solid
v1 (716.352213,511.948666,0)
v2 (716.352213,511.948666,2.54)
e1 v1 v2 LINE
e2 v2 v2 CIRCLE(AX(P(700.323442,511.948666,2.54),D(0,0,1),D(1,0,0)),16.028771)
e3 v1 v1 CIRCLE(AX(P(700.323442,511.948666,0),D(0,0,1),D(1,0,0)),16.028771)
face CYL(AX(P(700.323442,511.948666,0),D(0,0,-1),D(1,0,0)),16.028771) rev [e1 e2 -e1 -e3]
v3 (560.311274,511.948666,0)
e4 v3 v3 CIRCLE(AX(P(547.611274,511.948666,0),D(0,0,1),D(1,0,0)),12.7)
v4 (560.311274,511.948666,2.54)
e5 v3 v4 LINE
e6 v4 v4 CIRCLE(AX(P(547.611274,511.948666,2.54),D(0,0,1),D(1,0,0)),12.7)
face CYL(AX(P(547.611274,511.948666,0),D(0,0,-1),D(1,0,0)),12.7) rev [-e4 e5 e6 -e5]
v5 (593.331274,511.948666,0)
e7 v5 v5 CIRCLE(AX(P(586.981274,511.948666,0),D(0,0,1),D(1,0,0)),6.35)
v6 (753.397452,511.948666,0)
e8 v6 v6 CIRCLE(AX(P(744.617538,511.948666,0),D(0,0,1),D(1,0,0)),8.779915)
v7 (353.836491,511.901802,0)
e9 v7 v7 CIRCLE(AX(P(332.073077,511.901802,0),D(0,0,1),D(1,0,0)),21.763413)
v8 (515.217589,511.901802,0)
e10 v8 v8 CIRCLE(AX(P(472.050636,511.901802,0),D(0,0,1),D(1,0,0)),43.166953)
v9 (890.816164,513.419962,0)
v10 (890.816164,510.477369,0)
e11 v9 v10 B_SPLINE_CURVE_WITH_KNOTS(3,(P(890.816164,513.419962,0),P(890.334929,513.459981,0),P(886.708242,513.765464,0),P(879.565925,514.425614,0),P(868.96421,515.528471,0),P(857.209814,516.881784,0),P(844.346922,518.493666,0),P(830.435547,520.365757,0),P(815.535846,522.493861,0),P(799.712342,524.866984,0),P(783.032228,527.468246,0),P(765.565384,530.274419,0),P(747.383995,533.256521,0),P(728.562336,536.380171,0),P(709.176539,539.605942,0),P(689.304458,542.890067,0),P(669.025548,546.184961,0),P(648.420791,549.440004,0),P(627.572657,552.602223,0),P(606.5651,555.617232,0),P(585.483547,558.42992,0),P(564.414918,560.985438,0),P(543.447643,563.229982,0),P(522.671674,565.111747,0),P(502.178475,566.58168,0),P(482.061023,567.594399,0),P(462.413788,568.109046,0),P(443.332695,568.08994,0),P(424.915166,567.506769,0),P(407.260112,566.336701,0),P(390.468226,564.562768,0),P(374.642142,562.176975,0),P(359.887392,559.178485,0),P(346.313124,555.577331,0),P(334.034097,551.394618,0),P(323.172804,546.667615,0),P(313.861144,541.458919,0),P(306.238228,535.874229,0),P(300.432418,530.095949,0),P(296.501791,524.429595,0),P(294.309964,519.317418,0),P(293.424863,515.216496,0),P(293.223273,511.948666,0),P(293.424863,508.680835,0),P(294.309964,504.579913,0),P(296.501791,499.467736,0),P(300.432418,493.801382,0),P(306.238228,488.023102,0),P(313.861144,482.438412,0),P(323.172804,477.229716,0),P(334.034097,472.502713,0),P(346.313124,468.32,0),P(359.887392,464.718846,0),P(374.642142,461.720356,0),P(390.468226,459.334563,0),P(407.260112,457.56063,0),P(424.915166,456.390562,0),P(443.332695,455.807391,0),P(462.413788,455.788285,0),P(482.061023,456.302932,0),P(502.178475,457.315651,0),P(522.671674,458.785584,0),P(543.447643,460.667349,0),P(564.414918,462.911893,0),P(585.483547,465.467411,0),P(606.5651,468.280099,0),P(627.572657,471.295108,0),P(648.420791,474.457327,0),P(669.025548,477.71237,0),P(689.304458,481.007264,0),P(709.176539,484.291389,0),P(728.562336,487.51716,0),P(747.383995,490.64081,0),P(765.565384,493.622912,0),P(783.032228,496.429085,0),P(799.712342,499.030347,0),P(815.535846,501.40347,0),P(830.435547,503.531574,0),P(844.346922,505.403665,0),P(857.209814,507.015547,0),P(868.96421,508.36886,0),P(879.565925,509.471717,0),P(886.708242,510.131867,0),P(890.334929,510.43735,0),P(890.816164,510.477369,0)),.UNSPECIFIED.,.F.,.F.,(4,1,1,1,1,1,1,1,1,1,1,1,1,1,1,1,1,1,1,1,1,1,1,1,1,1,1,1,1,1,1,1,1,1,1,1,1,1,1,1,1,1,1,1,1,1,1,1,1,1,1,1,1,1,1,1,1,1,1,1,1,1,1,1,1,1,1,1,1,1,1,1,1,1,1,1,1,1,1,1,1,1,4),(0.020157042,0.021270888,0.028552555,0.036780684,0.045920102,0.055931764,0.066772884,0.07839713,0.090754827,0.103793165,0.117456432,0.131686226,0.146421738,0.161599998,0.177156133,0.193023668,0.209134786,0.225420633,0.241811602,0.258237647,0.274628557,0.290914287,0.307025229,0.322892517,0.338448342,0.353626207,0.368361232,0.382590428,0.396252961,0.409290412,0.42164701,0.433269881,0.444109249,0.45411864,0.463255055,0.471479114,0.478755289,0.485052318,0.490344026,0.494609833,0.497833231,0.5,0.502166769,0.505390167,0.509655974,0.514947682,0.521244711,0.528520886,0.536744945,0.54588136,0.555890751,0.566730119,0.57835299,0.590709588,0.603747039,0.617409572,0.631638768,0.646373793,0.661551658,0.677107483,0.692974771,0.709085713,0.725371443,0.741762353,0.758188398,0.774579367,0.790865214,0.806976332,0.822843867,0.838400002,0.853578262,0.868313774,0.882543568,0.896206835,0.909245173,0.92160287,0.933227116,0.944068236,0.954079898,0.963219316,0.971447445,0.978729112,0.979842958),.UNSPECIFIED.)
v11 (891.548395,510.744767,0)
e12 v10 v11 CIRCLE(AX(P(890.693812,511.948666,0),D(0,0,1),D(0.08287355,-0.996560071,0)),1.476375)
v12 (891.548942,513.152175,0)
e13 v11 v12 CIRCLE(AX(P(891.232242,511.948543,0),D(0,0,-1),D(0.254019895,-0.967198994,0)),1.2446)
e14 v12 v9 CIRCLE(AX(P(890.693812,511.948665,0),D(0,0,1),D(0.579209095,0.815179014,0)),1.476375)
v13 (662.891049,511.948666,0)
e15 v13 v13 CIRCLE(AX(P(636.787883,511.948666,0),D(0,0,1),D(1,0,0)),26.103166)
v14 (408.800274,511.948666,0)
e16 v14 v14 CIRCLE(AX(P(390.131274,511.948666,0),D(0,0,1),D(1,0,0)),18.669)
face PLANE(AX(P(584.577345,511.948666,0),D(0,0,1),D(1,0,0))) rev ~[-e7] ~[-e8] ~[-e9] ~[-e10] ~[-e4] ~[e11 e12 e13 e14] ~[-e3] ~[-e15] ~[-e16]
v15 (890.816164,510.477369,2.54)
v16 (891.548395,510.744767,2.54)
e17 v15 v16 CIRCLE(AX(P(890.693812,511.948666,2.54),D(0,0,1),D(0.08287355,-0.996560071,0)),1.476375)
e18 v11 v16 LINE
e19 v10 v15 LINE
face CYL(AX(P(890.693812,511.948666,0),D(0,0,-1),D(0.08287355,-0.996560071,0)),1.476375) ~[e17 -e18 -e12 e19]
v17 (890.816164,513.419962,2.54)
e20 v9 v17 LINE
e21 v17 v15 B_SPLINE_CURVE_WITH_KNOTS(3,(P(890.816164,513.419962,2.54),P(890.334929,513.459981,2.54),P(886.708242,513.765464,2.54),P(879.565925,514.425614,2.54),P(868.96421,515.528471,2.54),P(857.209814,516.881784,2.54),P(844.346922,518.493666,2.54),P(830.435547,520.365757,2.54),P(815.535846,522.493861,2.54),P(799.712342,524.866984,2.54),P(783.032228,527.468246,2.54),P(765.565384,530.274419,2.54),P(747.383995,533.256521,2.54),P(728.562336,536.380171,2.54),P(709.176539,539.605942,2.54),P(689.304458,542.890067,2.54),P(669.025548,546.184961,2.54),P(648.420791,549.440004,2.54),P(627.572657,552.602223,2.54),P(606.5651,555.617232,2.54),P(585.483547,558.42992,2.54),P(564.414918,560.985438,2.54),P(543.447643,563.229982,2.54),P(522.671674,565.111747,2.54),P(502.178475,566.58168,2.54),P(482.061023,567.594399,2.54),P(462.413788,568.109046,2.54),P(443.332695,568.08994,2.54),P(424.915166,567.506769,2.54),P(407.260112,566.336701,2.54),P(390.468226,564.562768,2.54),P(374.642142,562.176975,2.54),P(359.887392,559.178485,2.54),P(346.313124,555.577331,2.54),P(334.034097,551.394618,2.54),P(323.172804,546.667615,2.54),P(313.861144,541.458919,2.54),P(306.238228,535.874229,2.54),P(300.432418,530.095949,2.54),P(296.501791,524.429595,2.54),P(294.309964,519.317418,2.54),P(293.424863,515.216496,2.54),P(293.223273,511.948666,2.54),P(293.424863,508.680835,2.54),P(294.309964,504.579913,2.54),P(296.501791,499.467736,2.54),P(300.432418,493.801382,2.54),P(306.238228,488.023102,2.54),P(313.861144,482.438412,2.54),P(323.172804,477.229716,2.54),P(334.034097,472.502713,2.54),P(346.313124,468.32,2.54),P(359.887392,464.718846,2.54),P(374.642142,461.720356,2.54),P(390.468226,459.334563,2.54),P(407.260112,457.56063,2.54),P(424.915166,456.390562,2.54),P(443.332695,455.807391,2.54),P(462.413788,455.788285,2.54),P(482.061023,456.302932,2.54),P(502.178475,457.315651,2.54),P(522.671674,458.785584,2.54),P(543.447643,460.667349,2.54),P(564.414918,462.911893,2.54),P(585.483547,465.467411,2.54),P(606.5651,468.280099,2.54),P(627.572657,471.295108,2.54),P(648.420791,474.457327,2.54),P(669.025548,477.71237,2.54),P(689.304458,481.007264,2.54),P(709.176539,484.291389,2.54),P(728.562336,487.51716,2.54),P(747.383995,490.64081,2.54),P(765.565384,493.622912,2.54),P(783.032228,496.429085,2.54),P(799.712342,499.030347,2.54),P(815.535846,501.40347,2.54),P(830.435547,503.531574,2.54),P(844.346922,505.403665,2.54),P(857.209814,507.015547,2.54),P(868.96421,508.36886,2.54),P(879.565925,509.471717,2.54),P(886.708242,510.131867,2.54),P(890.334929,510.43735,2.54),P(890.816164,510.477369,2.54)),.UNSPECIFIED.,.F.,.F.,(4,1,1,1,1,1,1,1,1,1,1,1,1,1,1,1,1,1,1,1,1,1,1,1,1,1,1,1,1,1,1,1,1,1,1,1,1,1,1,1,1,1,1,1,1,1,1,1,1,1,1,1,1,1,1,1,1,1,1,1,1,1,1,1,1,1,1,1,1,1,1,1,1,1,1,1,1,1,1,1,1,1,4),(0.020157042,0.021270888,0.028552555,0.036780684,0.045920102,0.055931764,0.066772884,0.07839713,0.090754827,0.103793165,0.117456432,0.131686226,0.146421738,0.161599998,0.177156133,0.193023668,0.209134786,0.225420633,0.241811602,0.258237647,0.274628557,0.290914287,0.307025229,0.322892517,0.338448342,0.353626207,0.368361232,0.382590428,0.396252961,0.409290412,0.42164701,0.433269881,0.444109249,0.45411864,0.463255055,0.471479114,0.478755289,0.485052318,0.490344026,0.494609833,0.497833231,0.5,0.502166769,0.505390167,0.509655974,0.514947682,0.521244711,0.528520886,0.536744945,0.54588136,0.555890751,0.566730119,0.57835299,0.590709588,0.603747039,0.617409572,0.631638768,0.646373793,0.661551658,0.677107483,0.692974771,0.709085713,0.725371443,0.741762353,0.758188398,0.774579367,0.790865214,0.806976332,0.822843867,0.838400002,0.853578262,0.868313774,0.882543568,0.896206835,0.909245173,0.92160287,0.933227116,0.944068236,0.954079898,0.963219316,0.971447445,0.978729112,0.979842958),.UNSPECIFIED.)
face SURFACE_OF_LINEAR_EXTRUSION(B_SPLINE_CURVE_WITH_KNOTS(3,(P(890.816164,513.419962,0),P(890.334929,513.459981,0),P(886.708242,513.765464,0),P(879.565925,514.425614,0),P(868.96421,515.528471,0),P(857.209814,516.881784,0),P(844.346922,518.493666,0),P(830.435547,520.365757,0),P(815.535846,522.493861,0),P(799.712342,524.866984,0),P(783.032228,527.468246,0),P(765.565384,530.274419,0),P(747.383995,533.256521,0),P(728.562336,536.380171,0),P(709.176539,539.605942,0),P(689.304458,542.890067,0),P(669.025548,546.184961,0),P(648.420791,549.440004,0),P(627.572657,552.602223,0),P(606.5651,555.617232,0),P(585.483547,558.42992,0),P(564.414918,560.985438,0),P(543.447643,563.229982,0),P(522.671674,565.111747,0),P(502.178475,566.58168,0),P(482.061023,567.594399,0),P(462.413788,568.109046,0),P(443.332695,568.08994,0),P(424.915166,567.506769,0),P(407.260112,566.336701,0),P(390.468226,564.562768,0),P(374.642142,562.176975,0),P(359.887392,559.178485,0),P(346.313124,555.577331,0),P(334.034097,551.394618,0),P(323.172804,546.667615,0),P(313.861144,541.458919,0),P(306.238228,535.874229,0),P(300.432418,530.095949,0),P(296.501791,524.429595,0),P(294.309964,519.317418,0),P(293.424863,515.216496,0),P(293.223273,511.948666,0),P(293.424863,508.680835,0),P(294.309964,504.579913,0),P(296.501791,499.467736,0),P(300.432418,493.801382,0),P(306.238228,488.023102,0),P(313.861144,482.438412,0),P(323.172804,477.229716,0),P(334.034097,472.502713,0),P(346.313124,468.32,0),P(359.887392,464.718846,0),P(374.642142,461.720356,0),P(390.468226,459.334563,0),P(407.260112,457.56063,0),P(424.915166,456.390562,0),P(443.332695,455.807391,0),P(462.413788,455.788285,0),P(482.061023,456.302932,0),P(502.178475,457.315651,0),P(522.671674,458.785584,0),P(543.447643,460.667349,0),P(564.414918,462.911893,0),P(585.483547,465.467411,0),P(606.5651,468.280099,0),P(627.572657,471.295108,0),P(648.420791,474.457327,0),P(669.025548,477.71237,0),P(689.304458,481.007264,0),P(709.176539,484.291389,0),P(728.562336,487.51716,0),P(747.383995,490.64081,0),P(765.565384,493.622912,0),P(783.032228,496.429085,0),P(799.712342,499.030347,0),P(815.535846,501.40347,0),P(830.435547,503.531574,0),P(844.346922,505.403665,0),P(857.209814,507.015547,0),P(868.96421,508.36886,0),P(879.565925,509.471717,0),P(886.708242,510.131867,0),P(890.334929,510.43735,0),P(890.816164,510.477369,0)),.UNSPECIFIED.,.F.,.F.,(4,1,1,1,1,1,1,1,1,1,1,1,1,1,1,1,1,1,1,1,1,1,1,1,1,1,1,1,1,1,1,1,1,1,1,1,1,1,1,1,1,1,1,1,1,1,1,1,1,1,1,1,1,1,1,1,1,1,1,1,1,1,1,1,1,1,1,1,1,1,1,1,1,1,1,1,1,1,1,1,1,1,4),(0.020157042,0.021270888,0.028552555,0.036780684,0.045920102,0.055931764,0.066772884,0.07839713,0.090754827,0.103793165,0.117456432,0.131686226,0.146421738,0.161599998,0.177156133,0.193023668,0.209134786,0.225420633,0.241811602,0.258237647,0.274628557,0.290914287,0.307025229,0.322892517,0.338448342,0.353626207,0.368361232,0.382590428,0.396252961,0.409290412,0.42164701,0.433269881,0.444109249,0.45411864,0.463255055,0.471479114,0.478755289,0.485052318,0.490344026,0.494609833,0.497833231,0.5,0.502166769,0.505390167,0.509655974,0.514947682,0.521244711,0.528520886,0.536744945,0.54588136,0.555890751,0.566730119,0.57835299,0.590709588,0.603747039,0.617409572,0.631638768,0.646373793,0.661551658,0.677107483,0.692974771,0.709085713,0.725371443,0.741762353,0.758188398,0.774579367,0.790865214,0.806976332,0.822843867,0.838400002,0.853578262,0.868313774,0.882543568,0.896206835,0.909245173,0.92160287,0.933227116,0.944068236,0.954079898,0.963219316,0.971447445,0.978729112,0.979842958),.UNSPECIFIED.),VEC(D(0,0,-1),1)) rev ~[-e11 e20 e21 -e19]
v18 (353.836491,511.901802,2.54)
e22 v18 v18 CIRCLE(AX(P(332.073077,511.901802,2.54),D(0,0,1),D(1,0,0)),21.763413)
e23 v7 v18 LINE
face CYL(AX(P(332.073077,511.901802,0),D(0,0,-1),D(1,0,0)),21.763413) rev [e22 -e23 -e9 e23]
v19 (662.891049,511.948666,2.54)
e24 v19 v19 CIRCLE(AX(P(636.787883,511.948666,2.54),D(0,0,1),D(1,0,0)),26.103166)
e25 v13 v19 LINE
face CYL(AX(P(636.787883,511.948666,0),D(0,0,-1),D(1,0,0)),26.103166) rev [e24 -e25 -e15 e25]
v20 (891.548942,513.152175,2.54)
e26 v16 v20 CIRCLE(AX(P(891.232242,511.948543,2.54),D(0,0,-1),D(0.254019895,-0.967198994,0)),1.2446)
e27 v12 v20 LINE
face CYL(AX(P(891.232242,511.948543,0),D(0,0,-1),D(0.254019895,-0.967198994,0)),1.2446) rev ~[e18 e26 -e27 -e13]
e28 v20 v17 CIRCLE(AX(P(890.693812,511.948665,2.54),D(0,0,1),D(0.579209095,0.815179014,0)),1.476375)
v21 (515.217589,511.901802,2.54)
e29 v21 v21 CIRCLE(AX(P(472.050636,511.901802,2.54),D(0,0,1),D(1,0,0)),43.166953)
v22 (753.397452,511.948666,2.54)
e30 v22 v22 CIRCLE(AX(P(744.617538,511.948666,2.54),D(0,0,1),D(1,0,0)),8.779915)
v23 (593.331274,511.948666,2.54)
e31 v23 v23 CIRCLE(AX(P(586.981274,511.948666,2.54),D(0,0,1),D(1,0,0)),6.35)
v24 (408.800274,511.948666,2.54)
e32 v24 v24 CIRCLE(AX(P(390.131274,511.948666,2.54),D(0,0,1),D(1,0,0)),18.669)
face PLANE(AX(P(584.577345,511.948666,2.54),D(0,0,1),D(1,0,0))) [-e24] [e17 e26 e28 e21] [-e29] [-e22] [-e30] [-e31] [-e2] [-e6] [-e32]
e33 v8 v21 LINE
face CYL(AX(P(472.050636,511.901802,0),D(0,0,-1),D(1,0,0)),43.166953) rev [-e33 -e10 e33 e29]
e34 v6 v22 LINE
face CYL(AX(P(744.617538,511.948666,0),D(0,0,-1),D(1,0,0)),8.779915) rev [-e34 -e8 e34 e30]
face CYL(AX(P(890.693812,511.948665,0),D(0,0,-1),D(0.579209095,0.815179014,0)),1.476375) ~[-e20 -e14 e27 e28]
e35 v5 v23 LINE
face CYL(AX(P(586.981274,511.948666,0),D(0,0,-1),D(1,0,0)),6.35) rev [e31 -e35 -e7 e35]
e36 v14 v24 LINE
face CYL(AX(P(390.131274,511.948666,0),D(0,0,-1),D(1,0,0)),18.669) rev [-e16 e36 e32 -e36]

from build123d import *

# Parameters (mm, degrees)
SKETCH2_R           = 18.669
SKETCH2_R_2         = 12.7
SKETCH2_R_3         = 6.35
SKETCH2_R_4         = 16.028770825
SKETCH2_R_5         = 8.77991455
SKETCH2_R_6         = 21.7634135
SKETCH2_R_7         = 26.10316595
SKETCH2_R_8         = 43.16695288
BOSS_EXTRUDE1_DEPTH = 2.54


with BuildPart() as part:
    # Sketch2 → Boss-Extrude1 (new body)
    with BuildSketch(Plane.XY):
        with BuildLine():
            ThreePointArc((890.816164169, 510.477369136), (891.200246589, 510.561868166), (891.54839493, 510.744767386))
            ThreePointArc((891.54839493, 510.744767386), (889.987641801, 511.948825855), (891.54894156, 513.152175424))
            ThreePointArc((891.54894156, 513.152175424), (891.200561464, 513.335347826), (890.816164169, 513.419961885))
            add(Edge.make_bspline(
                [(890.816164169, 513.419961885), (890.334929223, 513.459981199), (886.708241771, 513.765463672), (879.565924572, 514.425614021), (868.964209832, 515.52847142), (857.209813649, 516.881784467), (844.346922273, 518.493665976), (830.435546642, 520.365757129), (815.535846116, 522.493860764), (799.712341782, 524.866984311), (783.032227934, 527.468245813), (765.56538449, 530.274419359), (747.383994901, 533.256521031), (728.562336326, 536.380171049), (709.176538958, 539.605942424), (689.304458457, 542.890066945), (669.025547897, 546.18496062), (648.420790789, 549.440003689), (627.572657185, 552.602222868), (606.565100392, 555.617231647), (585.483547136, 558.429920335), (564.414918298, 560.985438327), (543.447643352, 563.229982453), (522.671673877, 565.111747073), (502.178474967, 566.581679789), (482.06102345, 567.594398694), (462.413787666, 568.109046225), (443.332695328, 568.089939544), (424.915165793, 567.506768629), (407.260111586, 566.336700549), (390.46822582, 564.56276817), (374.642141665, 562.176975248), (359.88739169, 559.178484875), (346.313124377, 555.577330564), (334.03409686, 551.3946178), (323.172804405, 546.667615259), (313.861144192, 541.458918978), (306.23822821, 535.874228771), (300.432417668, 530.09594861), (296.501791132, 524.429595124), (294.309964235, 519.317417687), (293.424863104, 515.216496365), (293.223273347, 511.948665513), (293.424863104, 508.680834661), (294.309964235, 504.579913338), (296.501791132, 499.467735901), (300.432417668, 493.801382415), (306.23822821, 488.023102254), (313.861144192, 482.438412047), (323.172804405, 477.229715766), (334.03409686, 472.502713225), (346.313124377, 468.320000462), (359.88739169, 464.71884615), (374.642141665, 461.720355777), (390.46822582, 459.334562856), (407.260111586, 457.560630476), (424.915165793, 456.390562396), (443.332695328, 455.807391481), (462.413787666, 455.7882848), (482.06102345, 456.302932331), (502.178474967, 457.315651236), (522.671673877, 458.785583952), (543.447643352, 460.667348572), (564.414918298, 462.911892698), (585.483547136, 465.46741069), (606.565100392, 468.280099378), (627.572657185, 471.295108158), (648.420790789, 474.457327336), (669.025547897, 477.712370406), (689.304458457, 481.00726408), (709.176538958, 484.291388601), (728.562336326, 487.517159977), (747.383994901, 490.640809994), (765.56538449, 493.622911666), (783.032227934, 496.429085212), (799.712341782, 499.030346714), (815.535846116, 501.403470261), (830.435546642, 503.531573896), (844.346922273, 505.403665049), (857.209813649, 507.015546558), (868.964209832, 508.368859605), (879.565924572, 509.471717004), (886.708241771, 510.131867354), (890.334929223, 510.437349826), (890.816164169, 510.477369136)],
                knots=[0.020157042, 0.020157042, 0.020157042, 0.020157042, 0.021270888, 0.028552555, 0.036780684, 0.045920102, 0.055931764, 0.066772884, 0.07839713, 0.090754827, 0.103793165, 0.117456432, 0.131686226, 0.146421738, 0.161599998, 0.177156133, 0.193023668, 0.209134786, 0.225420633, 0.241811602, 0.258237647, 0.274628557, 0.290914287, 0.307025229, 0.322892517, 0.338448342, 0.353626207, 0.368361232, 0.382590428, 0.396252961, 0.409290412, 0.42164701, 0.433269881, 0.444109249, 0.45411864, 0.463255055, 0.471479114, 0.478755289, 0.485052318, 0.490344026, 0.494609833, 0.497833231, 0.5, 0.502166769, 0.505390167, 0.509655974, 0.514947682, 0.521244711, 0.528520886, 0.536744945, 0.54588136, 0.555890751, 0.566730119, 0.57835299, 0.590709588, 0.603747039, 0.617409572, 0.631638768, 0.646373793, 0.661551658, 0.677107483, 0.692974771, 0.709085713, 0.725371443, 0.741762353, 0.758188398, 0.774579367, 0.790865214, 0.806976332, 0.822843867, 0.838400002, 0.853578262, 0.868313774, 0.882543568, 0.896206835, 0.909245173, 0.92160287, 0.933227116, 0.944068236, 0.954079898, 0.963219316, 0.971447445, 0.978729112, 0.979842958, 0.979842958, 0.979842958, 0.979842958], degree=3))
        make_face()
        with Locations((390.131274336, 511.948665509)):
            Circle(SKETCH2_R, mode=Mode.SUBTRACT)
        with Locations((547.611274336, 511.948665509)):
            Circle(SKETCH2_R_2, mode=Mode.SUBTRACT)
        with Locations((586.981274336, 511.948665509)):
            Circle(SKETCH2_R_3, mode=Mode.SUBTRACT)
        with Locations((700.323442246, 511.948665509)):
            Circle(SKETCH2_R_4, mode=Mode.SUBTRACT)
        with Locations((744.61753791, 511.948665509)):
            Circle(SKETCH2_R_5, mode=Mode.SUBTRACT)
        with Locations((332.073077219, 511.901802055)):
            Circle(SKETCH2_R_6, mode=Mode.SUBTRACT)
        with Locations((636.787882815, 511.948665509)):
            Circle(SKETCH2_R_7, mode=Mode.SUBTRACT)
        with Locations((472.050636064, 511.901802055)):
            Circle(SKETCH2_R_8, mode=Mode.SUBTRACT)
    extrude(amount=BOSS_EXTRUDE1_DEPTH)


solid = part.part
